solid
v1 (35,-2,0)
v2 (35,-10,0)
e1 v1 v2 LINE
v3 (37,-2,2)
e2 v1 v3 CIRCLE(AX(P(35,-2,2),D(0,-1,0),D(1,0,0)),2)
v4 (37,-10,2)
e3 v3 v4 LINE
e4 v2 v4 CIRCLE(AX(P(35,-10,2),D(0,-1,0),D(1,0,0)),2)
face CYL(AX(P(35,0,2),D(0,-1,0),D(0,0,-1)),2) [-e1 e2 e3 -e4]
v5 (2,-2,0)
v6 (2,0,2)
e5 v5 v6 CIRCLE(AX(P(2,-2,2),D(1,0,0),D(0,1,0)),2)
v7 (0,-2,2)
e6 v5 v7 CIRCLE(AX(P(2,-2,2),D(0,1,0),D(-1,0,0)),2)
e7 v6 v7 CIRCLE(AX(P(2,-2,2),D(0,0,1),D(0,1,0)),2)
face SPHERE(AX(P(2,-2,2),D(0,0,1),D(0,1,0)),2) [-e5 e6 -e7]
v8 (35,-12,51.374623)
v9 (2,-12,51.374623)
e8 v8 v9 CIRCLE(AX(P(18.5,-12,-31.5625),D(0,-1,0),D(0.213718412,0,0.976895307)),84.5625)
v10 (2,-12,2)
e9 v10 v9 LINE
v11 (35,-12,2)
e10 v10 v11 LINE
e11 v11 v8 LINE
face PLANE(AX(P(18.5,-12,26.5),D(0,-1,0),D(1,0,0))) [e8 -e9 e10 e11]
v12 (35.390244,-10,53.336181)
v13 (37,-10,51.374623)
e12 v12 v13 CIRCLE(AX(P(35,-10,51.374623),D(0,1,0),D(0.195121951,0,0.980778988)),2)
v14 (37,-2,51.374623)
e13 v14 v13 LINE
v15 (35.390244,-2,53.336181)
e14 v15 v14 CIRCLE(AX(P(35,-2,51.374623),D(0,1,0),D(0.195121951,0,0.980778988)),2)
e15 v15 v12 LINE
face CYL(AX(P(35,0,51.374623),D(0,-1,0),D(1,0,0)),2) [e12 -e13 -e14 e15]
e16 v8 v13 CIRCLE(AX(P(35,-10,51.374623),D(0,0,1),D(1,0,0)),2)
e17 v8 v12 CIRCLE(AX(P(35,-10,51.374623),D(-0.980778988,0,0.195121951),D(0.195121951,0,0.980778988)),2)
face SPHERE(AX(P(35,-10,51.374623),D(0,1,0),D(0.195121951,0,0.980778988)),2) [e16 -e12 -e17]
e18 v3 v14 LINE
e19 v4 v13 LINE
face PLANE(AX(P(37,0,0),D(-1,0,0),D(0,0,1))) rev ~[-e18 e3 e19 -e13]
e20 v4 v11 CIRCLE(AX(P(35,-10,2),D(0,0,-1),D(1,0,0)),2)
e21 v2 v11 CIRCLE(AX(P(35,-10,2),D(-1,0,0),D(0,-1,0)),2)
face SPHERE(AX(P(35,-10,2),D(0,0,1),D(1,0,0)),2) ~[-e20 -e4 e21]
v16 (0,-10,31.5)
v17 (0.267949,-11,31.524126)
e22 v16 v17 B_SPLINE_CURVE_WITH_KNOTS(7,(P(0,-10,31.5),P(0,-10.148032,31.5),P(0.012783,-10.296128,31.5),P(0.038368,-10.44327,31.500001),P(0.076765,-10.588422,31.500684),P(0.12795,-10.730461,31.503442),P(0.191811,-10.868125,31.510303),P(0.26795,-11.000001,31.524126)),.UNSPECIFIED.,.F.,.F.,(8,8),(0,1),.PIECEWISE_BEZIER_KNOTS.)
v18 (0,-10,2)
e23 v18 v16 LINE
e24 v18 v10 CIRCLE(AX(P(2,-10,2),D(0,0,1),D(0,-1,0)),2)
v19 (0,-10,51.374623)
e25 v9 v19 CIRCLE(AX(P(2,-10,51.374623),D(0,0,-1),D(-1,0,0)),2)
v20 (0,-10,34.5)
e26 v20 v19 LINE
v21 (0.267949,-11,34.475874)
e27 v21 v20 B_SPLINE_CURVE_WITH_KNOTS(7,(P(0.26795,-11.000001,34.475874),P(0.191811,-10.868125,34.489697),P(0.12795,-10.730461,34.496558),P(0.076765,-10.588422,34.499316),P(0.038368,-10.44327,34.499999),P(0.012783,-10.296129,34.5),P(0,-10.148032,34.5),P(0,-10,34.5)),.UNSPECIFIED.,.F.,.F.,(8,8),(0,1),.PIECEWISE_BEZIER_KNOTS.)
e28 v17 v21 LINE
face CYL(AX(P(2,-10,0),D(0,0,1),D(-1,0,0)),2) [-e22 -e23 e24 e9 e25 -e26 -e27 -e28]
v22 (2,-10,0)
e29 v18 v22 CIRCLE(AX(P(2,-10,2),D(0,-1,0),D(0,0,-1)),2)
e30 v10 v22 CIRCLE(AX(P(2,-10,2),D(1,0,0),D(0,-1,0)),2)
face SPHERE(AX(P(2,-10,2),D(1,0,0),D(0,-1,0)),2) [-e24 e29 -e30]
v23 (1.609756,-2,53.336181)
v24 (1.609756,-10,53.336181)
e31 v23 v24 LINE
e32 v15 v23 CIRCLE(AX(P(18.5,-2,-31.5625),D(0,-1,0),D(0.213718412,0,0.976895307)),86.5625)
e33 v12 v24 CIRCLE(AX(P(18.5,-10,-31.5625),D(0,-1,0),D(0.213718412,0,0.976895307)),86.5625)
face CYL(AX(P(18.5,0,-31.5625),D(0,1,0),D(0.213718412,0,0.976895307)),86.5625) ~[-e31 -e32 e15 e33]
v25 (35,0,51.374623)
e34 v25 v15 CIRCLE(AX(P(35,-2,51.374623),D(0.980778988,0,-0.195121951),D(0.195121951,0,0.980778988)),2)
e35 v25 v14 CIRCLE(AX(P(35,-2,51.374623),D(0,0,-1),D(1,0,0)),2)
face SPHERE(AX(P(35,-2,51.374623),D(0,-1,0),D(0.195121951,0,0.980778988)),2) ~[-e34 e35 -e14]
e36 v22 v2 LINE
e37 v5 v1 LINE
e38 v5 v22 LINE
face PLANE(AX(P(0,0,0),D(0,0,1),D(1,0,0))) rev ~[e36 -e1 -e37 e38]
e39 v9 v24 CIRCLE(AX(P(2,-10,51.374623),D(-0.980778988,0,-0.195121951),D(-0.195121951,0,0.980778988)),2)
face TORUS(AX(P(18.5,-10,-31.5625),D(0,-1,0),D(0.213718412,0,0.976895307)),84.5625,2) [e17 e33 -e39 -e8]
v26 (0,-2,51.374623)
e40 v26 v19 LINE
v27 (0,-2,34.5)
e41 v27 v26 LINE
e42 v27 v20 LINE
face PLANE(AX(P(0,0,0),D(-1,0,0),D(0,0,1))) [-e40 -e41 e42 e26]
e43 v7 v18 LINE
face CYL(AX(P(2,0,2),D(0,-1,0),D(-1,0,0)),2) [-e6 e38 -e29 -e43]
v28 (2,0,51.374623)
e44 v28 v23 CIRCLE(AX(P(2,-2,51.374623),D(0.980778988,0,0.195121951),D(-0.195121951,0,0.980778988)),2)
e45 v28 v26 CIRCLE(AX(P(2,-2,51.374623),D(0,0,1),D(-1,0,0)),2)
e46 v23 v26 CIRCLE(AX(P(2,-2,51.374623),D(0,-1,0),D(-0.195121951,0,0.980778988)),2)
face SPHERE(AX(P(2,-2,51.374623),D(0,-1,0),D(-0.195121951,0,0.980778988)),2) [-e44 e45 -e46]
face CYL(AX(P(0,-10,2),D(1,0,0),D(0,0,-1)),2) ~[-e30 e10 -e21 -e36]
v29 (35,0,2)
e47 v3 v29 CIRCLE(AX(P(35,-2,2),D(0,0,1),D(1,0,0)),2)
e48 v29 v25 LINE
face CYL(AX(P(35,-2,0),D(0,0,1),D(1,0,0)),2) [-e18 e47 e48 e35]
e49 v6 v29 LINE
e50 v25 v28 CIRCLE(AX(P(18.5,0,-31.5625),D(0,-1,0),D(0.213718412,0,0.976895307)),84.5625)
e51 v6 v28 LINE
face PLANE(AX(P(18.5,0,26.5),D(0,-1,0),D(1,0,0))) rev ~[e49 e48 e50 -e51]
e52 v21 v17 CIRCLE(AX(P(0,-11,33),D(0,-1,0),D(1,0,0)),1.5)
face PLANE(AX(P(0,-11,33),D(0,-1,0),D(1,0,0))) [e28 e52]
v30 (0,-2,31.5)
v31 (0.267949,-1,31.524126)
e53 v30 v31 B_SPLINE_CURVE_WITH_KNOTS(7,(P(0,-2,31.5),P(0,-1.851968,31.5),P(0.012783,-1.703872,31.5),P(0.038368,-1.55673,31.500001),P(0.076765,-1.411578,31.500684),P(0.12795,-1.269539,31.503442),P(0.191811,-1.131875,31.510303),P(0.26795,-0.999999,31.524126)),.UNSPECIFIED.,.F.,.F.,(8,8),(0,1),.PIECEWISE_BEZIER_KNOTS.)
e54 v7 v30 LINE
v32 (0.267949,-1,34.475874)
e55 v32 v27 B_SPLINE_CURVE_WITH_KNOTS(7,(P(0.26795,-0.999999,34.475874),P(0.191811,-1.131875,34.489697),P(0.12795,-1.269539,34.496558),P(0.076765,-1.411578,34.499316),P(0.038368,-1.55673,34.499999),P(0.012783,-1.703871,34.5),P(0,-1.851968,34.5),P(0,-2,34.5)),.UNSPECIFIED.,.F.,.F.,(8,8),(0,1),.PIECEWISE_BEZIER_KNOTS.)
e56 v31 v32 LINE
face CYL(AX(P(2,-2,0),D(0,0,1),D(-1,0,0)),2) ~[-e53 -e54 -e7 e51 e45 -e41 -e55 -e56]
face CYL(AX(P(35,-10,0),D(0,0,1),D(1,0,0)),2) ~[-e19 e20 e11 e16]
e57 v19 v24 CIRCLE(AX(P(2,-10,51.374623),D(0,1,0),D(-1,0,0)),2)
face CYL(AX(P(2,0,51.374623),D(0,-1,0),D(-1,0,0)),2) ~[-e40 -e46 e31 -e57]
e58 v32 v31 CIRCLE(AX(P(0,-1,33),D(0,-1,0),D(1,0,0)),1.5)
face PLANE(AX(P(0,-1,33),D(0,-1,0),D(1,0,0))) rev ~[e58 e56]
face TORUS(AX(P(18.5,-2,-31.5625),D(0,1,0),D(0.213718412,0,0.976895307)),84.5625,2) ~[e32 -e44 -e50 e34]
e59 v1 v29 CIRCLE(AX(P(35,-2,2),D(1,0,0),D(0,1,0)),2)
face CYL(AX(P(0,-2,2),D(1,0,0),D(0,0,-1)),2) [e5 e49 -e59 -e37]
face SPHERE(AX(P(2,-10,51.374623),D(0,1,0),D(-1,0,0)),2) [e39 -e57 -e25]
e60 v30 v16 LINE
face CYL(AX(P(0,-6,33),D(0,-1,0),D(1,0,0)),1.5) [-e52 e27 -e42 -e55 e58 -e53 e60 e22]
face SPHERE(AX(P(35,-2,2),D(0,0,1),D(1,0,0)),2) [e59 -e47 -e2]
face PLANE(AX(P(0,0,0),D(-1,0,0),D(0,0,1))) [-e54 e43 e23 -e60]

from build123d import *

# Parameters (mm, degrees)
F0_W     = 37
F0_H     = 53
F1_DEPTH = 12
F2_R     = 2
F4_R     = 1.5
F5_DEPTH = 5


with BuildPart() as f1:
    # F0 (on Front) → F1 (new body)
    with BuildSketch(Plane.XZ):
        with Locations((18.5, 26.5)):
            Rectangle(F0_W, F0_H)
        with BuildLine():
            ThreePointArc((37, 53), (18.5, 55), (0, 53))
            Line((0, 53), (37, 53))
        make_face()
    extrude(amount=F1_DEPTH)

    # F2
    f2_edges = [f1.edges().sort_by_distance(p)[0] for p in [
        (37, -6, 53),
        (18.5, -12, 55),
        (0, -6, 53),
        (18.5, 0, 55),
        (37, -12, 26.5),
        (37, 0, 26.5),
        (37, -6, 0),
        (18.5, -12, 0),
        (0, -12, 26.5),
        (0, 0, 26.5),
        (18.5, 0, 0),
        (0, -6, 0),
    ]]
    fillet(f2_edges, radius=F2_R)

    # F4 (on offset) → F5 (join, symmetric)
    with BuildSketch(Plane.XZ.offset(6)):
        with Locations((0, 33)):
            Circle(F4_R)
    extrude(amount=F5_DEPTH, both=True)


solid = f1.part
